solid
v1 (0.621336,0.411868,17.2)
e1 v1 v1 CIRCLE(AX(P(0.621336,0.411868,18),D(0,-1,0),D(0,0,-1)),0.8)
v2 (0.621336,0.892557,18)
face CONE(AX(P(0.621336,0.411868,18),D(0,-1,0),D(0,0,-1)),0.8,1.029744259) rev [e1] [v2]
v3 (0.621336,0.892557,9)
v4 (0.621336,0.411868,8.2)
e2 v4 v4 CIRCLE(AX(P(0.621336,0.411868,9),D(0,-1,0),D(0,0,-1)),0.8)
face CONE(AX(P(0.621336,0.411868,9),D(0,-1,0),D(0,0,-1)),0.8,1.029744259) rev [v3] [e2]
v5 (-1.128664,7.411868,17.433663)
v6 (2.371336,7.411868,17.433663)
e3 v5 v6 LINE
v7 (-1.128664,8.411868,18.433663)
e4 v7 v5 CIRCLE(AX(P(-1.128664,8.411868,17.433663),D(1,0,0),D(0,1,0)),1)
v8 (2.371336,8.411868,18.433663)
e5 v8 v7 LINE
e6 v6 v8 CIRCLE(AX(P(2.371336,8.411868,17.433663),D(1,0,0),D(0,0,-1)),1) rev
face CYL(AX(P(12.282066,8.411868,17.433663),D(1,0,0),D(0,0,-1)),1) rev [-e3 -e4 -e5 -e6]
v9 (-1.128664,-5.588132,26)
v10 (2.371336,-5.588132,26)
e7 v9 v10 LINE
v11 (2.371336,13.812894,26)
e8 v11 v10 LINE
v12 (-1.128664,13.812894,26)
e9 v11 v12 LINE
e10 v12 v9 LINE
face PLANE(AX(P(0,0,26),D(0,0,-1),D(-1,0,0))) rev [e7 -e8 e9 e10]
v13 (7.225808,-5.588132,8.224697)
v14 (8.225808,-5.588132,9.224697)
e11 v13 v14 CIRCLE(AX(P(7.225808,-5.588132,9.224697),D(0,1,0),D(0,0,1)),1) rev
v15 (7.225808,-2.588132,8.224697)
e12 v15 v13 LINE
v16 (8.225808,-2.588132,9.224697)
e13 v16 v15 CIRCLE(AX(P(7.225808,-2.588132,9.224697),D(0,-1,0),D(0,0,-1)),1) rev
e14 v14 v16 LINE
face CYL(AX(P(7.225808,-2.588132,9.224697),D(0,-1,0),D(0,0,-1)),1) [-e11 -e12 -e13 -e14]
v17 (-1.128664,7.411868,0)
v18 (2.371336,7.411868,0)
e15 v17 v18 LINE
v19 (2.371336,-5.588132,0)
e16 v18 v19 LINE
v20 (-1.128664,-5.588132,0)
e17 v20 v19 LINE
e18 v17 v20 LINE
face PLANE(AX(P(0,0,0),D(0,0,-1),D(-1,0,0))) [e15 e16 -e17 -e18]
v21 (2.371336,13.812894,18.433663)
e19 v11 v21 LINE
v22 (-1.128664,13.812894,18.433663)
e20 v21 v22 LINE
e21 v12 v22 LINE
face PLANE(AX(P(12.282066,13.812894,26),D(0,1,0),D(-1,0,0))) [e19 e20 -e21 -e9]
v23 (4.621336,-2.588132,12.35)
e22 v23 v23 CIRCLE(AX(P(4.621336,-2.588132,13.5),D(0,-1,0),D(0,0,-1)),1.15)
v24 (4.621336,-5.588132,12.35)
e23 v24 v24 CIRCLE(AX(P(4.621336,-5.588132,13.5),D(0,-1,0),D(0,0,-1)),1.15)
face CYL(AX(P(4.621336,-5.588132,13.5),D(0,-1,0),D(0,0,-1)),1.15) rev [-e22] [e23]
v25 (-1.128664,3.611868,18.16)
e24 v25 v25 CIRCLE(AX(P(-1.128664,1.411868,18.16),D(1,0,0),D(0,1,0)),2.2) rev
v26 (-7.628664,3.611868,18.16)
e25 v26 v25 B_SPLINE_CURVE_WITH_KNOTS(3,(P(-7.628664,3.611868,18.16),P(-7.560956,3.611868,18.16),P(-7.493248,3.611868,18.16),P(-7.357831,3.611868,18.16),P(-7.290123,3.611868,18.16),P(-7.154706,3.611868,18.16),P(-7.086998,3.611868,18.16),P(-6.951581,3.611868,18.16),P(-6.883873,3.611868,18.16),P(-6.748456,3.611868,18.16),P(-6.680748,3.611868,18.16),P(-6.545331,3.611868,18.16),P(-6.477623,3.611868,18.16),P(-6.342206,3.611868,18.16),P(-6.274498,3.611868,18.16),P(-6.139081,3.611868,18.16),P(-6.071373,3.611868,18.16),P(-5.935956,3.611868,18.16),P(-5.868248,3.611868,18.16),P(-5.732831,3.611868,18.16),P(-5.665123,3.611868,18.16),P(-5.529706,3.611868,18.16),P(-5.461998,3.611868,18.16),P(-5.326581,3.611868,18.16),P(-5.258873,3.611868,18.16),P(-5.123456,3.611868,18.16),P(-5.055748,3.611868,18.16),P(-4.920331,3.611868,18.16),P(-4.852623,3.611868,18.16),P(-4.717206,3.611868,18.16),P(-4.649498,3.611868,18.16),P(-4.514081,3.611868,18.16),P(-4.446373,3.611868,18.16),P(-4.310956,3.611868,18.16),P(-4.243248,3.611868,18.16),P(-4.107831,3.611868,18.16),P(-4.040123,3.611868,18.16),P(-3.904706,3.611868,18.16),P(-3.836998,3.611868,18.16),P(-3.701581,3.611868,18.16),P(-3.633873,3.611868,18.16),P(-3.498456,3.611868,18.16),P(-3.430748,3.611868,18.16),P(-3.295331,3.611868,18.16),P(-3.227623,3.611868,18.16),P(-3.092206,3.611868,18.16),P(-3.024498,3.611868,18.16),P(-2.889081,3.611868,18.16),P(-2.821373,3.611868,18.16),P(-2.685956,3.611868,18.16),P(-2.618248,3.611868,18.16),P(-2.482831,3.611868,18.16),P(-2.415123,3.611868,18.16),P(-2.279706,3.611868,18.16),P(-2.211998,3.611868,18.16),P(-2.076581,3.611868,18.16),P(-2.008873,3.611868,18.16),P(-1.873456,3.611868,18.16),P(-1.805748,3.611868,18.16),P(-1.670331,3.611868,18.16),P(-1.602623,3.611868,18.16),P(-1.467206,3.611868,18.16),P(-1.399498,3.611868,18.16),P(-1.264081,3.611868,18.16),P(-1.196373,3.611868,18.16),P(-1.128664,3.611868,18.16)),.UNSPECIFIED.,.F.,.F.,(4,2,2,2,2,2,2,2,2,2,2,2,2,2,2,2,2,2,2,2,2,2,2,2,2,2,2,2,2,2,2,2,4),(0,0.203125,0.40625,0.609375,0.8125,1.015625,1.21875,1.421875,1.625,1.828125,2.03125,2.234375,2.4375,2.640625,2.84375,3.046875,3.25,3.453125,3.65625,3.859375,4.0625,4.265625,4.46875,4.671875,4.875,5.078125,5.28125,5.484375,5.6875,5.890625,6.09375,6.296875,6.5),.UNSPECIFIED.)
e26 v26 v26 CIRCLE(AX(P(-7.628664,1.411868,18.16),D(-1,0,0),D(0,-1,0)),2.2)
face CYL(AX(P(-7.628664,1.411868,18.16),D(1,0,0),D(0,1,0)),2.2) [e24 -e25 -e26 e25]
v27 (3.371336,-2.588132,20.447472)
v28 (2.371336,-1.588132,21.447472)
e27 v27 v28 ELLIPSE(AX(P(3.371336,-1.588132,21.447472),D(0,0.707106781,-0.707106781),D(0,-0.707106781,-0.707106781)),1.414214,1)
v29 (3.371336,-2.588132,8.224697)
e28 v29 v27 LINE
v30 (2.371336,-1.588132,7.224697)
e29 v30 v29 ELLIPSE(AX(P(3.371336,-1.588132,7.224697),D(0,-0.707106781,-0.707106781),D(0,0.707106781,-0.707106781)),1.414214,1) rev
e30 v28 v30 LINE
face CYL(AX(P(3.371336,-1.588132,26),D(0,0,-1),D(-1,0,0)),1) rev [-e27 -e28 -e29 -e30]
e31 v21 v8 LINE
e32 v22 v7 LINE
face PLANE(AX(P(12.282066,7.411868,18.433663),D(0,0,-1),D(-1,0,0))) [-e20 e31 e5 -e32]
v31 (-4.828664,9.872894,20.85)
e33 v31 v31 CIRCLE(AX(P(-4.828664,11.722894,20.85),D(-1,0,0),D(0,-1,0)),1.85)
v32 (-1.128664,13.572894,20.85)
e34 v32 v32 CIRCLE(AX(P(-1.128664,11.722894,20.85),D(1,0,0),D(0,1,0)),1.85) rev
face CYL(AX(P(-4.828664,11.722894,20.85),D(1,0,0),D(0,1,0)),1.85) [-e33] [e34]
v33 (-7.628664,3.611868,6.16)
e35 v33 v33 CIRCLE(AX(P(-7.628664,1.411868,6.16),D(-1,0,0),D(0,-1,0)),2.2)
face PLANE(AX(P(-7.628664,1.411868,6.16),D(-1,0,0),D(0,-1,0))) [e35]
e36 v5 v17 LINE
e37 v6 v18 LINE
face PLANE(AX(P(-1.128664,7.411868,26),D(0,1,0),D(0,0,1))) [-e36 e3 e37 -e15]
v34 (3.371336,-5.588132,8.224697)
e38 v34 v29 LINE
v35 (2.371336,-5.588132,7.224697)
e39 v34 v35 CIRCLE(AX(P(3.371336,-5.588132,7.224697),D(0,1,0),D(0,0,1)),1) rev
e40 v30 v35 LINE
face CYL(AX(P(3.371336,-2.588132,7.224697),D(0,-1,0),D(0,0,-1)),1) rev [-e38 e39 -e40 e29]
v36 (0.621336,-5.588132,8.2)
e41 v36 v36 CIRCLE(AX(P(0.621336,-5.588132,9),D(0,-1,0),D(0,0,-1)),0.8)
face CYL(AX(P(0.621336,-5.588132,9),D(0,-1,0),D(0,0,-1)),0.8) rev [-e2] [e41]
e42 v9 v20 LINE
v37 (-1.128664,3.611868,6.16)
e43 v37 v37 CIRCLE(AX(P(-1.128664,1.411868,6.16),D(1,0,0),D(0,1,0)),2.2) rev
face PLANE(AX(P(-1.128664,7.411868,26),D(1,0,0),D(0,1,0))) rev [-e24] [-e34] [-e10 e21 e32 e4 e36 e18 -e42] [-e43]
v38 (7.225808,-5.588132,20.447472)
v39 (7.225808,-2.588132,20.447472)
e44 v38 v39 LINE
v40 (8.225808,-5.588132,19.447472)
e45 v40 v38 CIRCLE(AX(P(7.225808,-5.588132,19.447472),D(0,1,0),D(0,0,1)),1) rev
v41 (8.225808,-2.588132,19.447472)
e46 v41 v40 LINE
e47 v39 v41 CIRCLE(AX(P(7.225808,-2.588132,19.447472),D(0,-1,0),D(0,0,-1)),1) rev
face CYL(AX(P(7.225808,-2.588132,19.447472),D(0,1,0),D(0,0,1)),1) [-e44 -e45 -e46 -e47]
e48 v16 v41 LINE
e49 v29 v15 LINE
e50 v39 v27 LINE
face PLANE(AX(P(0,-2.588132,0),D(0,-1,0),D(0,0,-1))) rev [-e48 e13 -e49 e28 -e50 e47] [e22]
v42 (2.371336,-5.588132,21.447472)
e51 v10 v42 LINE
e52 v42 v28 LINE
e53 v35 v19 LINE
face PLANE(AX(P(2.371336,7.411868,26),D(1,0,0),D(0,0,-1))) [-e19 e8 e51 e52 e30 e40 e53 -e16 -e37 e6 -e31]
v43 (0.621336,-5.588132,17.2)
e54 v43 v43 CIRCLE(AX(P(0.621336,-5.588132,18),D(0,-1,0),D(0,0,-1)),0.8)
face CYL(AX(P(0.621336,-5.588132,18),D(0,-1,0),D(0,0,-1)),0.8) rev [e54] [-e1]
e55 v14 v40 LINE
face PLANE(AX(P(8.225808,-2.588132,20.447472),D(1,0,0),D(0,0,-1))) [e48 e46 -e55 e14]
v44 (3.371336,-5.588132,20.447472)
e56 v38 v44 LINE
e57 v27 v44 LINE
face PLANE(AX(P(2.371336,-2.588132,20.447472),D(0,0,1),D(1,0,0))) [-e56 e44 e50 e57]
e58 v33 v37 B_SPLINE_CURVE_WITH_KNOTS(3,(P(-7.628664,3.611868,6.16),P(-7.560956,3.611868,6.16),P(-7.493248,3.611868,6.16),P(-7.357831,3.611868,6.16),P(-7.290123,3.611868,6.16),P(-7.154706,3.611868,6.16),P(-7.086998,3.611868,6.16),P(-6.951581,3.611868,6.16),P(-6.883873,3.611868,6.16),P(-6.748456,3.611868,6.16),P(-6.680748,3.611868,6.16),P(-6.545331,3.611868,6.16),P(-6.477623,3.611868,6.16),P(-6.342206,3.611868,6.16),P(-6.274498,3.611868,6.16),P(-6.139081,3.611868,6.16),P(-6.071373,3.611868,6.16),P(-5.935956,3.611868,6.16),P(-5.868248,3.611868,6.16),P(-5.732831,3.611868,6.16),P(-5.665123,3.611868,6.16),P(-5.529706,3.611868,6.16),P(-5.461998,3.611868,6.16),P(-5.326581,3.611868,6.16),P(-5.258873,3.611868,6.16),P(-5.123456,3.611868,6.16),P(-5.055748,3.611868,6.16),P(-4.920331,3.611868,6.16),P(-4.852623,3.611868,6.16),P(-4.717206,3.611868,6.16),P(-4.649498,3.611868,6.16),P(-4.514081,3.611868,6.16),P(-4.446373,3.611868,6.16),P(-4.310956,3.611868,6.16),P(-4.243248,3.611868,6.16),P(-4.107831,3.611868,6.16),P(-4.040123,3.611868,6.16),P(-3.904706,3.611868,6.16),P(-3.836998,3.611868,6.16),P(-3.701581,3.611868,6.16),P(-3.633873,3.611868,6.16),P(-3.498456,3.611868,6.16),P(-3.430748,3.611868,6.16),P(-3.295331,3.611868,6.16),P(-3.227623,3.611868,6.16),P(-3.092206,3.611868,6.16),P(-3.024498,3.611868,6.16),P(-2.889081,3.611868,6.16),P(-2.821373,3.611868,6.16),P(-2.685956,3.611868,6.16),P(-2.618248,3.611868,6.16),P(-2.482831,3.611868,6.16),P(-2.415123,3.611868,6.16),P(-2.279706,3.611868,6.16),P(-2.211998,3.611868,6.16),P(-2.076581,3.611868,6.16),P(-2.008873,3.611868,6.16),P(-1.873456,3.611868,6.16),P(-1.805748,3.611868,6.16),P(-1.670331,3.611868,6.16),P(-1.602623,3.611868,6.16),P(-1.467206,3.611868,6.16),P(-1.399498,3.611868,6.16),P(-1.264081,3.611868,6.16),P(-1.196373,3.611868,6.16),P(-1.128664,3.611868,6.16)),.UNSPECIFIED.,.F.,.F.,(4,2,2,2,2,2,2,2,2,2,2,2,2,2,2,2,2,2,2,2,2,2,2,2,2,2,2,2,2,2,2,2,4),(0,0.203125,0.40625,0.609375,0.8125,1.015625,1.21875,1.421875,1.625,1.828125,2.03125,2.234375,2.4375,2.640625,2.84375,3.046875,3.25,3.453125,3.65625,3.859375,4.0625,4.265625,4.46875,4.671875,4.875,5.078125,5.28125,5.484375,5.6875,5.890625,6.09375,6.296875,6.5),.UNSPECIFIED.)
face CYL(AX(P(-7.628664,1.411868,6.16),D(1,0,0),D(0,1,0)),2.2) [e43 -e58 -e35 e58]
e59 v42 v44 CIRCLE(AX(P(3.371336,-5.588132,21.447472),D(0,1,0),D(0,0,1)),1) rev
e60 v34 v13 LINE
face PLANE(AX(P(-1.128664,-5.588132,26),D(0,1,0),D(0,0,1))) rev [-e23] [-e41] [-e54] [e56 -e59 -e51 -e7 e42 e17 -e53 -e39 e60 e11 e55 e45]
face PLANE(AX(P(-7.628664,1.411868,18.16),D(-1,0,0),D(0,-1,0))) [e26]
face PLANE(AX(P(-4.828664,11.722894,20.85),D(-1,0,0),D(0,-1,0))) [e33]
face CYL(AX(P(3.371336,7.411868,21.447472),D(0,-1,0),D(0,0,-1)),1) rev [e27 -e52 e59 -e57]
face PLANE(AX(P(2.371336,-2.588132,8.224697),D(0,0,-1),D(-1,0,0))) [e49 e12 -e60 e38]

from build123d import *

# Parameters (mm, degrees)
SKETCH_1_W             = 3.5
SKETCH_1_H             = 13
EXTRUDE_1_DEPTH        = 26
SKETCH_3_R             = 2.2
EXTRUDE_3_DEPTH        = 6.5
HOLE_WIZARD_M2_1_D     = 1.6
HOLE_WIZARD_M2_1_DEPTH = 6
HOLE_WIZARD_M2_1_TIP   = 0.480688495
SKETCH_6_W             = 5.854472115
SKETCH_6_H             = 12.222775643
EXTRUDE_4_DEPTH        = 3
F_2_0MM_1_D            = 2.3
F_2_0MM_1_DEPTH        = 4.15
F_2_0MM_1_TIP          = 0.690989712
FILLET_2_R             = 1
FILLET_3_R             = 1
FILLET_4_R             = 1
FILLET_5_R             = 1
FILLET_6_R             = 1
SKETCH_9_W             = 7.566336663
SKETCH_9_H             = 6.401025682
EXTRUDE_5_DEPTH        = 3.5
SKETCH_10_R            = 1.85
EXTRUDE_6_DEPTH        = 3.7
FILLET_7_R             = 1


with BuildPart() as part:
    # 草图1 → 凸台-拉伸1 (new body)
    with BuildSketch(Plane.XY):
        with Locations((0.621335505, 0.911868233)):
            Rectangle(SKETCH_1_W, SKETCH_1_H)
    extrude(amount=EXTRUDE_1_DEPTH)

    # 草图3 → 凸台-拉伸3 (add)
    with BuildSketch(Plane.ZY.offset(1.128664495)):
        with Locations(Location((6.16, 1.411868233, 0), (0, 0, 90))):
            Circle(SKETCH_3_R)
        with Locations(Location((18.16, 1.411868233, 0), (0, 0, 90))):
            Circle(SKETCH_3_R)
    extrude(amount=EXTRUDE_3_DEPTH)

    # M2 螺纹孔1
    with Locations(Plane.XZ.offset(5.588131767)):
        with Locations((0.621335505, 9), (0.621335505, 18)):
            Hole(HOLE_WIZARD_M2_1_D / 2, depth=HOLE_WIZARD_M2_1_DEPTH)
            with Locations((0, 0, -(HOLE_WIZARD_M2_1_DEPTH + HOLE_WIZARD_M2_1_TIP / 2))):  # 118° drill point
                Cone(0, HOLE_WIZARD_M2_1_D / 2, HOLE_WIZARD_M2_1_TIP, mode=Mode.SUBTRACT)

    # 草图6 → 凸台-拉伸4 (add)
    with BuildSketch(Plane.XZ.offset(5.588131767)):
        with Locations((5.298571563, 14.336084675)):
            Rectangle(SKETCH_6_W, SKETCH_6_H)
    extrude(amount=-EXTRUDE_4_DEPTH)

    # Ø2.0mm 暗销孔1
    with Locations(Plane.XZ.offset(5.588131767)):
        with Locations((4.621335505, 13.5)):
            Hole(F_2_0MM_1_D / 2, depth=F_2_0MM_1_DEPTH)
            with Locations((0, 0, -(F_2_0MM_1_DEPTH + F_2_0MM_1_TIP / 2))):  # 118° drill point
                Cone(0, F_2_0MM_1_D / 2, F_2_0MM_1_TIP, mode=Mode.SUBTRACT)

    # 圆角2
    fillet_2_edges = [part.edges().sort_by_distance(p)[0] for p in [
        (2.371335505, -2.588131767, 14.336084675),
    ]]
    fillet(fillet_2_edges, radius=FILLET_2_R)

    # 圆角3
    fillet_3_edges = [part.edges().sort_by_distance(p)[0] for p in [
        (2.371335505, -3.588131767, 20.447472496),
    ]]
    fillet(fillet_3_edges, radius=FILLET_3_R)

    # 圆角4
    fillet_4_edges = [part.edges().sort_by_distance(p)[0] for p in [
        (2.371335505, -3.588131767, 8.224696853),
    ]]
    fillet(fillet_4_edges, radius=FILLET_4_R)

    # 圆角5
    fillet_5_edges = [part.edges().sort_by_distance(p)[0] for p in [
        (8.22580762, -4.088131767, 8.224696853),
    ]]
    fillet(fillet_5_edges, radius=FILLET_5_R)

    # 圆角6
    fillet_6_edges = [part.edges().sort_by_distance(p)[0] for p in [
        (8.22580762, -4.088131767, 20.447472496),
    ]]
    fillet(fillet_6_edges, radius=FILLET_6_R)

    # 草图9 → 凸台-拉伸5 (add)
    with BuildSketch(Plane.ZY.offset(1.128664495)):
        with Locations((22.216831668, 10.612381074)):
            Rectangle(SKETCH_9_W, SKETCH_9_H)
    extrude(amount=-EXTRUDE_5_DEPTH)

    # 草图10 → 凸台-拉伸6 (add)
    with BuildSketch(Plane.ZY.offset(1.128664495)):
        with Locations(Location((20.85, 11.722893915, 0), (0, 0, 90))):
            Circle(SKETCH_10_R)
    extrude(amount=EXTRUDE_6_DEPTH)

    # 圆角7
    fillet_7_edges = [part.edges().sort_by_distance(p)[0] for p in [
        (0.621335505, 7.411868233, 18.433663337),
    ]]
    fillet(fillet_7_edges, radius=FILLET_7_R)


solid = part.part
